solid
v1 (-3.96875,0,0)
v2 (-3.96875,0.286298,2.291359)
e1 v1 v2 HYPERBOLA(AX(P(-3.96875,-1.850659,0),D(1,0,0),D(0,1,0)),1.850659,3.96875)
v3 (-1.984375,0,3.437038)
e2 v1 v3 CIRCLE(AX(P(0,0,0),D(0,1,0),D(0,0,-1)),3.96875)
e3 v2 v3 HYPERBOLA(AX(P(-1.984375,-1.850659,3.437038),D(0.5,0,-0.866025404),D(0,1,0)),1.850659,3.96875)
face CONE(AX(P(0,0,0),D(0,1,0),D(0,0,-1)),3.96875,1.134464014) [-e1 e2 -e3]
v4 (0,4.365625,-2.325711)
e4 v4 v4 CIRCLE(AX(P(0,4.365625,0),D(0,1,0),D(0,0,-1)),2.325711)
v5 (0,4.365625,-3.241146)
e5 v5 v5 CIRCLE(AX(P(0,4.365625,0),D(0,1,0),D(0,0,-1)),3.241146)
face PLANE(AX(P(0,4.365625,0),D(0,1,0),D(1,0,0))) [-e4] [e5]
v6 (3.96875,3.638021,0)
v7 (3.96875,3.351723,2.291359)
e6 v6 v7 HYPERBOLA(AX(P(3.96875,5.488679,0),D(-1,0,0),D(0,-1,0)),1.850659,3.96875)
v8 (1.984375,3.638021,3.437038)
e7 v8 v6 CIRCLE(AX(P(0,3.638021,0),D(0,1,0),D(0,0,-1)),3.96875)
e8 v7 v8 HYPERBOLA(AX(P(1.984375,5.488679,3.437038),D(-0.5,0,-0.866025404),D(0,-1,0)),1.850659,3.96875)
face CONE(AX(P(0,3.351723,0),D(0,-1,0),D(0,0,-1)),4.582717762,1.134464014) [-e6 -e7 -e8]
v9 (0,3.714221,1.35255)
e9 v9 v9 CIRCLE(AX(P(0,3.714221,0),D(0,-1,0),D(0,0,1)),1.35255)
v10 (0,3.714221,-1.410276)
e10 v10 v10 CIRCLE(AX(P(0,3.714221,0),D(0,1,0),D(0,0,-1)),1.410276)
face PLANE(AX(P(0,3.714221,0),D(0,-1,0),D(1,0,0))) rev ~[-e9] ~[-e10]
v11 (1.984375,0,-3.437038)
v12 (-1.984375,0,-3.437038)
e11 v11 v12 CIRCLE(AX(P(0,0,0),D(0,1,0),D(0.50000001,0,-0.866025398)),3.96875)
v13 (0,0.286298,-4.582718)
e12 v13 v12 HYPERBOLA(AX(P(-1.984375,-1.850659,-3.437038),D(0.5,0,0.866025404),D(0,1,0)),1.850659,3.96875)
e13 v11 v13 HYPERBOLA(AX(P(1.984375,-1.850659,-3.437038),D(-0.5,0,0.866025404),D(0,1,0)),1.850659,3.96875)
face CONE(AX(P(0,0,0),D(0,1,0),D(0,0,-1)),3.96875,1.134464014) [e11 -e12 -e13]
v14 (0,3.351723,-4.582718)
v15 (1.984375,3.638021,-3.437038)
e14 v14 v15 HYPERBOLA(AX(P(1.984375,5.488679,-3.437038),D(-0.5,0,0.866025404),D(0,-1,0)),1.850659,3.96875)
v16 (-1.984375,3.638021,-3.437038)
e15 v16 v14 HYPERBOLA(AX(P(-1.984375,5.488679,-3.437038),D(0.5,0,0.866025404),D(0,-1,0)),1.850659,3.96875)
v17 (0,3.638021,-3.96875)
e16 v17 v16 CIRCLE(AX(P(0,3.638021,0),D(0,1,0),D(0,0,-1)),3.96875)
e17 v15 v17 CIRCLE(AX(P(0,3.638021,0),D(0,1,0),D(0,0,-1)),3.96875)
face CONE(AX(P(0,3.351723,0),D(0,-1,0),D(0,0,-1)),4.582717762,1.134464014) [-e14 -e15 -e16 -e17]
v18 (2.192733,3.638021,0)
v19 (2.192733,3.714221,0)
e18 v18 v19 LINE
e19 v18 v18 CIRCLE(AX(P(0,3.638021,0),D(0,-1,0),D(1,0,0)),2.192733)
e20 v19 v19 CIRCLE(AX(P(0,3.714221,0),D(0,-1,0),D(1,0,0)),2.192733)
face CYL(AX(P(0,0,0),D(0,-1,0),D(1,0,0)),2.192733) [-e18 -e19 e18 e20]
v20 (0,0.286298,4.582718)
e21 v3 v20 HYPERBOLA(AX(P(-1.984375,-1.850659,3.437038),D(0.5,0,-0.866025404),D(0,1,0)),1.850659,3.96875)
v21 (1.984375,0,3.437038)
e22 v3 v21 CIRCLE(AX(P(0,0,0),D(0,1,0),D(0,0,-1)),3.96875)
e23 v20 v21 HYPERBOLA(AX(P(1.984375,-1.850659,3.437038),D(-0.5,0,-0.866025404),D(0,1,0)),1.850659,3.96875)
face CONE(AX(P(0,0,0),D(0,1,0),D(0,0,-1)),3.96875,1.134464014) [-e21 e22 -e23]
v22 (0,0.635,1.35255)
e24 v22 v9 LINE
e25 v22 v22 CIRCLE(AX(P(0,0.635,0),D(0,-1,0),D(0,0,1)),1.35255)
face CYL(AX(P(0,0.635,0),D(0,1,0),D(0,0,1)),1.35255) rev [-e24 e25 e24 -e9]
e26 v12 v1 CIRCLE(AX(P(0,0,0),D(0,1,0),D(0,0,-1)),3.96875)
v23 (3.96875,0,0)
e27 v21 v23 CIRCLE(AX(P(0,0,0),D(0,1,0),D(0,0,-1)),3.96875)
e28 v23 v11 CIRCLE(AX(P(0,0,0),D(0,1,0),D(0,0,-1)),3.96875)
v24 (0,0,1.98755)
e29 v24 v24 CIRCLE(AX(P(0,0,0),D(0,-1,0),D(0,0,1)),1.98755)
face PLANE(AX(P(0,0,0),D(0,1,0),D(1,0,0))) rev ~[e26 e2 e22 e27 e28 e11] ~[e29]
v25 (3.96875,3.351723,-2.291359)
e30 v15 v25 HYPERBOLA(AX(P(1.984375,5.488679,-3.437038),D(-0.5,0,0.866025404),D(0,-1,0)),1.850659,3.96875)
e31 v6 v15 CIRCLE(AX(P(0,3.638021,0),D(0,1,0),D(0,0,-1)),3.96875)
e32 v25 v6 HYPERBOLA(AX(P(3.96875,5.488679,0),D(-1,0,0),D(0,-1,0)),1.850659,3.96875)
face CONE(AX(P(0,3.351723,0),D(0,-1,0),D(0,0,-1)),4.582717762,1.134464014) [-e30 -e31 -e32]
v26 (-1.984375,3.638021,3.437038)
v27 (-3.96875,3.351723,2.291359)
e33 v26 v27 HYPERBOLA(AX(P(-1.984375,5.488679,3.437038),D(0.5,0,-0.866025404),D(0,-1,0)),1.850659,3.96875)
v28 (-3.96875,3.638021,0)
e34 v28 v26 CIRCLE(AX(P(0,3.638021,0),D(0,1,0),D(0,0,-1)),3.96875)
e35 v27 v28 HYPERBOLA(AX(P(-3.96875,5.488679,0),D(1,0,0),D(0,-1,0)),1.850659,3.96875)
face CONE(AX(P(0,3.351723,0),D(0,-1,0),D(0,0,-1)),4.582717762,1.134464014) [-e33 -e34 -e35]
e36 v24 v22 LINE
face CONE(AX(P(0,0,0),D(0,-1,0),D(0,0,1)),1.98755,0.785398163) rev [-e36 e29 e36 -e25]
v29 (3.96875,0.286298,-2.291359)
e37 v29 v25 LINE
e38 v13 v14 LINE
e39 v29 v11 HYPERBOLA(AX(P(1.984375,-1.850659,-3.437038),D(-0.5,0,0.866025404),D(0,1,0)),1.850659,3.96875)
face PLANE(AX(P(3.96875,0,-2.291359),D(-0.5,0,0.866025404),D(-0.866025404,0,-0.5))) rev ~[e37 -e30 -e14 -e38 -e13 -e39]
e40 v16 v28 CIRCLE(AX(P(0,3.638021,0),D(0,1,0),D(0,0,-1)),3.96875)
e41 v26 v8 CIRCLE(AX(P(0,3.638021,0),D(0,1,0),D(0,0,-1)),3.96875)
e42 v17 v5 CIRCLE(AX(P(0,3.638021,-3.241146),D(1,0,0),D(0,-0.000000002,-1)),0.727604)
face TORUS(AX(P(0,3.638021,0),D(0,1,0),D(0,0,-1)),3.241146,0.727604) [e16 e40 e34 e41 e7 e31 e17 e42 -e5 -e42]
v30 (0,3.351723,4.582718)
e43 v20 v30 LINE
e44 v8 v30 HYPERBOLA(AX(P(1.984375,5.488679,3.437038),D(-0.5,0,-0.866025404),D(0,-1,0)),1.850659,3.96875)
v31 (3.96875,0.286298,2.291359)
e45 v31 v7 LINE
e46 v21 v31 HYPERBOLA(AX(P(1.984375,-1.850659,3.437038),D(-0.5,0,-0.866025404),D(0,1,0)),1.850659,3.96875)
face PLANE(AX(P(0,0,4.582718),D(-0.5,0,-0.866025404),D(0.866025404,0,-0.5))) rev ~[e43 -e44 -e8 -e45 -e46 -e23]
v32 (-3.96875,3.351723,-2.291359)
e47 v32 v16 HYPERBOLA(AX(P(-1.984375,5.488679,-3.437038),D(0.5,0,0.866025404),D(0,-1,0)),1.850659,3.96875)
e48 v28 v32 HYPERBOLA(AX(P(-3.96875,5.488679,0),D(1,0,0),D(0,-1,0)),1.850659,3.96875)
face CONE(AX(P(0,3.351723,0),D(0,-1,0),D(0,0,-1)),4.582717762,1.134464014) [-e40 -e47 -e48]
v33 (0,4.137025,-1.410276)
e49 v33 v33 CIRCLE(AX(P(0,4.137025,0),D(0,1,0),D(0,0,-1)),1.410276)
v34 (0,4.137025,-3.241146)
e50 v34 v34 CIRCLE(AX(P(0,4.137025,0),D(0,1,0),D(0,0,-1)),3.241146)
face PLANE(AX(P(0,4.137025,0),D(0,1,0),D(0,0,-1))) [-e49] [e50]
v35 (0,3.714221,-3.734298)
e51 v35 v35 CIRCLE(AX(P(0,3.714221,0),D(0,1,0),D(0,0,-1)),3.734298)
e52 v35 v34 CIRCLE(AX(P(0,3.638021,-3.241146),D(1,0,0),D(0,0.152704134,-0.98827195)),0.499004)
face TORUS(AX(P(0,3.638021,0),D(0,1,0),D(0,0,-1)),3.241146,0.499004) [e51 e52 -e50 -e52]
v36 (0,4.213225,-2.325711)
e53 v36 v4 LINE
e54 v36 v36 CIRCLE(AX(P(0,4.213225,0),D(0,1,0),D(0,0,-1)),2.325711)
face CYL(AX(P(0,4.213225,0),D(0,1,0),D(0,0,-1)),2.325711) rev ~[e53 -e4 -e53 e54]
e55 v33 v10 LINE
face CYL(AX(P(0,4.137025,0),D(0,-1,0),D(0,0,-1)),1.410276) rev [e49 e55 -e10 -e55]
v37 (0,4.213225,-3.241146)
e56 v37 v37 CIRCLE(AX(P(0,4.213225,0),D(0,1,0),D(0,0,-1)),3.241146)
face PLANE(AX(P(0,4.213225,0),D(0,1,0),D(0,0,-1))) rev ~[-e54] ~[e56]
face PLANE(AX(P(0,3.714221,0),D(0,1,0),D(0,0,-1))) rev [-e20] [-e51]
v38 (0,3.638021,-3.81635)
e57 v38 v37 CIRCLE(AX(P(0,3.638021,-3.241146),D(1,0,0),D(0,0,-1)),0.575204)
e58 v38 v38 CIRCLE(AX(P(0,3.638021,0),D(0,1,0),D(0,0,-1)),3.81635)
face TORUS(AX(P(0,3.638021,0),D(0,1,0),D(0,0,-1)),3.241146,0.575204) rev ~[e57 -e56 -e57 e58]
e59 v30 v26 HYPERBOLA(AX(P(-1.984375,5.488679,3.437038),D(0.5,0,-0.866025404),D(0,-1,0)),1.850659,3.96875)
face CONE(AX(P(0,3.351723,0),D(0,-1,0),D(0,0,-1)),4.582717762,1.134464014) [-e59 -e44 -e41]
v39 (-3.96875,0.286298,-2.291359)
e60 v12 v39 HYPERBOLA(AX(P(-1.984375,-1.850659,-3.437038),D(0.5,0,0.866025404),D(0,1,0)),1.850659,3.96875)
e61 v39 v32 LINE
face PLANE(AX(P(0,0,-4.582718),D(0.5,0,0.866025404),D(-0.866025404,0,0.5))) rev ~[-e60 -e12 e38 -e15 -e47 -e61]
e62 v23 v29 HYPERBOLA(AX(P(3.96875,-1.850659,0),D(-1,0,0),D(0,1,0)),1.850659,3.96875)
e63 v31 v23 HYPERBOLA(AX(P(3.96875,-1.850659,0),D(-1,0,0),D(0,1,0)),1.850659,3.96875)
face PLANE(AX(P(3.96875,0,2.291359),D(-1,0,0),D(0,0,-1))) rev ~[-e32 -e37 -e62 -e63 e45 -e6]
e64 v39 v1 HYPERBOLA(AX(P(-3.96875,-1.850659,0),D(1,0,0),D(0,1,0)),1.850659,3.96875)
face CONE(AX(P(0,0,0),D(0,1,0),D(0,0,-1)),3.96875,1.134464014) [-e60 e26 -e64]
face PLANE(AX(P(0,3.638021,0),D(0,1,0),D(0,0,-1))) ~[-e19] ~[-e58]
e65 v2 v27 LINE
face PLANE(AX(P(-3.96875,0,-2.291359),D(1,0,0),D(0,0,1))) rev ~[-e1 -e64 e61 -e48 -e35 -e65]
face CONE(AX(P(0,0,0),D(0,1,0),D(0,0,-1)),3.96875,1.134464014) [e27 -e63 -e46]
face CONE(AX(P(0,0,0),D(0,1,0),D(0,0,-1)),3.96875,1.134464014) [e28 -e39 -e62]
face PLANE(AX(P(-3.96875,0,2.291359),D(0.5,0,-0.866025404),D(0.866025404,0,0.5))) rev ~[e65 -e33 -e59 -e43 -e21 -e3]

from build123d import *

# Parameters (mm, degrees)
EXTRUDE1_DEPTH      = 4.365625
SKETCH2_W           = 1.7526
SKETCH2_H           = 4.365625
LPATTERN1_COUNT     = 6
LPATTERN1_PITCH     = 0.79375
LPATTERN1_COL_COUNT = 2
LPATTERN1_COL_PITCH = 0.79375
SKETCH8_R           = 2.192732982
BOSS_EXTRUDE1_DEPTH = 3.714221


with BuildPart() as part:
    # Sketch1 → Extrude1 (new body)
    with BuildSketch(Plane(origin=(0, 0, 0), x_dir=(1, 0, 0), z_dir=(0, 1, 0))):
        Polygon((0, 4.582717762), (-3.96875, 2.291358881), (-3.96875, -2.291358881), (0, -4.582717762), (3.96875, -2.291358881), (3.96875, 2.291358881), align=None)
    extrude(amount=EXTRUDE1_DEPTH)

    # Sketch4 → Cut-Revolve2 (revolve, cut)
    with BuildSketch(Plane(origin=(0, 0, 0), x_dir=(0, 0, -1), z_dir=(1, 0, 0))):
        Polygon((0, 4.365625), (1.7526, 4.365625), (1.410275607, 4.205996514), (1.410275607, 0.159628486), (1.7526, 0), (0, 0), align=None)
    revolve(axis=Axis((0, 4.365625, 0), (0, 1, 0)), mode=Mode.SUBTRACT)


with BuildPart() as body_2:
    # Sketch2 → Revolve1 (revolve)
    with BuildSketch(Plane(origin=(0, 0, 0), x_dir=(0, 0, -1), z_dir=(1, 0, 0))):
        with Locations((0.8763, 2.1828125)):
            Rectangle(SKETCH2_W, SKETCH2_H)
    revolve(axis=Axis((0, -1.7526, 0), (0, 1, 0)))

    # Sketch3 → Cut-Revolve1 (revolve, cut)
    with BuildSketch(Plane(origin=(0, 0, 0), x_dir=(0, 0, -1), z_dir=(1, 0, 0))):
        Polygon((1.774513192, 4.268856346), (1.927905533, 3.591475768), (1.454101991, 3.7385105), (1.410275607, 3.932047808), align=None)
    cut_revolve1 = revolve(axis=Axis((0, 4.365625, 0.193538035), (0, -0.975306119, -0.220857364)), mode=Mode.SUBTRACT)

    # LPattern1: Cut-Revolve1 ×6
    with Locations(*[(0, -i * LPATTERN1_PITCH, 0) for i in range(1, LPATTERN1_COUNT)]):
        add(cut_revolve1, mode=Mode.SUBTRACT)

    # LPattern1 col: Cut-Revolve1 ×2
    with Locations(*[(0, i * LPATTERN1_COL_PITCH, 0) for i in range(1, LPATTERN1_COL_COUNT)]):
        add(cut_revolve1, mode=Mode.SUBTRACT)


with BuildPart() as part_1:
    add(part.part)

    # Combine1: cut body 2
    add(body_2.part, mode=Mode.SUBTRACT)

    # Sketch5 → Cut-Revolve3 (revolve, cut)
    with BuildSketch(Plane(origin=(0, 0, 0), x_dir=(0, 0, -1), z_dir=(1, 0, 0))):
        with BuildLine():
            Line((0, 0), (3.96875, 0))
            Line((3.96875, 0), (4.582717762, 0.286297869))
            Line((4.582717762, 0.286297869), (4.582717762, 3.351722964))
            Line((4.582717762, 3.351722964), (3.96875, 3.638020833))
            ThreePointArc((3.96875, 3.638020833), (3.755639674, 4.152514674), (3.241145833, 4.365625))
            Line((3.241145833, 4.365625), (3.241145833, 5.635625))
            Line((3.241145833, 5.635625), (5.852717762, 5.635625))
            Line((5.852717762, 5.635625), (5.852717762, -1.27))
            Line((5.852717762, -1.27), (0, -1.27))
            Line((0, -1.27), (0, 0))
        make_face()
    revolve(axis=Axis((0, 0, 0), (0, 1, 0)), mode=Mode.SUBTRACT)

    # Sketch6 → Cut-Revolve4 (revolve, cut)
    with BuildSketch(Plane(origin=(0, 0, 0), x_dir=(0, 0, -1), z_dir=(1, 0, 0))):
        with BuildLine():
            Line((0, 3.638020833), (3.81635, 3.638020833))
            ThreePointArc((3.81635, 3.638020833), (3.6478766, 4.0447516), (3.241145833, 4.213225))
            Line((3.241145833, 4.213225), (2.32571072, 4.213225))
            Line((2.32571072, 4.213225), (2.32571072, 5.635625))
            Line((2.32571072, 5.635625), (0, 5.635625))
            Line((0, 5.635625), (0, 3.638020833))
        make_face()
    revolve(axis=Axis((0, 5.635625, 0), (0, 1, 0)), mode=Mode.SUBTRACT)



with BuildPart() as body_2_2:
    # Sketch7 → Revolve2 (revolve)
    with BuildSketch(Plane(origin=(0, 0, 0), x_dir=(0, 0, -1), z_dir=(1, 0, 0))):
        with BuildLine():
            Line((1.410275607, 3.714220833), (3.734297654, 3.714220833))
            ThreePointArc((3.734297654, 3.714220833), (3.565938876, 4.016854092), (3.241145833, 4.137025))
            Line((3.241145833, 4.137025), (1.410275607, 4.137025))
            Line((1.410275607, 4.137025), (1.410275607, 3.714220833))
        make_face()
    revolve(axis=Axis((0, 3.714220833, 0), (0, 1, 0)))


with BuildPart() as part_2:
    add(part_1.part)

    add(body_2_2.part)  # Boss-Extrude1 merges body 2 2
    # Sketch8 → Boss-Extrude1 (add)
    with BuildSketch(Plane.XZ):
        Circle(SKETCH8_R)
    extrude(amount=-BOSS_EXTRUDE1_DEPTH)

    # Sketch10 → #6-32 Tapped Hole1 (revolve, cut)
    with BuildSketch(Plane(origin=(0, 3.714220833, 0), x_dir=(0, 0, 1), z_dir=(1, 0, 0))):
        Polygon((0, 0), (0, 3.714220833), (1.98755, 3.714220833), (1.35255, 3.079220833), (1.35255, 0), align=None)
    revolve(axis=Axis((0, 10.064220833, 0), (0, -1, 0)), mode=Mode.SUBTRACT)


solid = part_2.part
